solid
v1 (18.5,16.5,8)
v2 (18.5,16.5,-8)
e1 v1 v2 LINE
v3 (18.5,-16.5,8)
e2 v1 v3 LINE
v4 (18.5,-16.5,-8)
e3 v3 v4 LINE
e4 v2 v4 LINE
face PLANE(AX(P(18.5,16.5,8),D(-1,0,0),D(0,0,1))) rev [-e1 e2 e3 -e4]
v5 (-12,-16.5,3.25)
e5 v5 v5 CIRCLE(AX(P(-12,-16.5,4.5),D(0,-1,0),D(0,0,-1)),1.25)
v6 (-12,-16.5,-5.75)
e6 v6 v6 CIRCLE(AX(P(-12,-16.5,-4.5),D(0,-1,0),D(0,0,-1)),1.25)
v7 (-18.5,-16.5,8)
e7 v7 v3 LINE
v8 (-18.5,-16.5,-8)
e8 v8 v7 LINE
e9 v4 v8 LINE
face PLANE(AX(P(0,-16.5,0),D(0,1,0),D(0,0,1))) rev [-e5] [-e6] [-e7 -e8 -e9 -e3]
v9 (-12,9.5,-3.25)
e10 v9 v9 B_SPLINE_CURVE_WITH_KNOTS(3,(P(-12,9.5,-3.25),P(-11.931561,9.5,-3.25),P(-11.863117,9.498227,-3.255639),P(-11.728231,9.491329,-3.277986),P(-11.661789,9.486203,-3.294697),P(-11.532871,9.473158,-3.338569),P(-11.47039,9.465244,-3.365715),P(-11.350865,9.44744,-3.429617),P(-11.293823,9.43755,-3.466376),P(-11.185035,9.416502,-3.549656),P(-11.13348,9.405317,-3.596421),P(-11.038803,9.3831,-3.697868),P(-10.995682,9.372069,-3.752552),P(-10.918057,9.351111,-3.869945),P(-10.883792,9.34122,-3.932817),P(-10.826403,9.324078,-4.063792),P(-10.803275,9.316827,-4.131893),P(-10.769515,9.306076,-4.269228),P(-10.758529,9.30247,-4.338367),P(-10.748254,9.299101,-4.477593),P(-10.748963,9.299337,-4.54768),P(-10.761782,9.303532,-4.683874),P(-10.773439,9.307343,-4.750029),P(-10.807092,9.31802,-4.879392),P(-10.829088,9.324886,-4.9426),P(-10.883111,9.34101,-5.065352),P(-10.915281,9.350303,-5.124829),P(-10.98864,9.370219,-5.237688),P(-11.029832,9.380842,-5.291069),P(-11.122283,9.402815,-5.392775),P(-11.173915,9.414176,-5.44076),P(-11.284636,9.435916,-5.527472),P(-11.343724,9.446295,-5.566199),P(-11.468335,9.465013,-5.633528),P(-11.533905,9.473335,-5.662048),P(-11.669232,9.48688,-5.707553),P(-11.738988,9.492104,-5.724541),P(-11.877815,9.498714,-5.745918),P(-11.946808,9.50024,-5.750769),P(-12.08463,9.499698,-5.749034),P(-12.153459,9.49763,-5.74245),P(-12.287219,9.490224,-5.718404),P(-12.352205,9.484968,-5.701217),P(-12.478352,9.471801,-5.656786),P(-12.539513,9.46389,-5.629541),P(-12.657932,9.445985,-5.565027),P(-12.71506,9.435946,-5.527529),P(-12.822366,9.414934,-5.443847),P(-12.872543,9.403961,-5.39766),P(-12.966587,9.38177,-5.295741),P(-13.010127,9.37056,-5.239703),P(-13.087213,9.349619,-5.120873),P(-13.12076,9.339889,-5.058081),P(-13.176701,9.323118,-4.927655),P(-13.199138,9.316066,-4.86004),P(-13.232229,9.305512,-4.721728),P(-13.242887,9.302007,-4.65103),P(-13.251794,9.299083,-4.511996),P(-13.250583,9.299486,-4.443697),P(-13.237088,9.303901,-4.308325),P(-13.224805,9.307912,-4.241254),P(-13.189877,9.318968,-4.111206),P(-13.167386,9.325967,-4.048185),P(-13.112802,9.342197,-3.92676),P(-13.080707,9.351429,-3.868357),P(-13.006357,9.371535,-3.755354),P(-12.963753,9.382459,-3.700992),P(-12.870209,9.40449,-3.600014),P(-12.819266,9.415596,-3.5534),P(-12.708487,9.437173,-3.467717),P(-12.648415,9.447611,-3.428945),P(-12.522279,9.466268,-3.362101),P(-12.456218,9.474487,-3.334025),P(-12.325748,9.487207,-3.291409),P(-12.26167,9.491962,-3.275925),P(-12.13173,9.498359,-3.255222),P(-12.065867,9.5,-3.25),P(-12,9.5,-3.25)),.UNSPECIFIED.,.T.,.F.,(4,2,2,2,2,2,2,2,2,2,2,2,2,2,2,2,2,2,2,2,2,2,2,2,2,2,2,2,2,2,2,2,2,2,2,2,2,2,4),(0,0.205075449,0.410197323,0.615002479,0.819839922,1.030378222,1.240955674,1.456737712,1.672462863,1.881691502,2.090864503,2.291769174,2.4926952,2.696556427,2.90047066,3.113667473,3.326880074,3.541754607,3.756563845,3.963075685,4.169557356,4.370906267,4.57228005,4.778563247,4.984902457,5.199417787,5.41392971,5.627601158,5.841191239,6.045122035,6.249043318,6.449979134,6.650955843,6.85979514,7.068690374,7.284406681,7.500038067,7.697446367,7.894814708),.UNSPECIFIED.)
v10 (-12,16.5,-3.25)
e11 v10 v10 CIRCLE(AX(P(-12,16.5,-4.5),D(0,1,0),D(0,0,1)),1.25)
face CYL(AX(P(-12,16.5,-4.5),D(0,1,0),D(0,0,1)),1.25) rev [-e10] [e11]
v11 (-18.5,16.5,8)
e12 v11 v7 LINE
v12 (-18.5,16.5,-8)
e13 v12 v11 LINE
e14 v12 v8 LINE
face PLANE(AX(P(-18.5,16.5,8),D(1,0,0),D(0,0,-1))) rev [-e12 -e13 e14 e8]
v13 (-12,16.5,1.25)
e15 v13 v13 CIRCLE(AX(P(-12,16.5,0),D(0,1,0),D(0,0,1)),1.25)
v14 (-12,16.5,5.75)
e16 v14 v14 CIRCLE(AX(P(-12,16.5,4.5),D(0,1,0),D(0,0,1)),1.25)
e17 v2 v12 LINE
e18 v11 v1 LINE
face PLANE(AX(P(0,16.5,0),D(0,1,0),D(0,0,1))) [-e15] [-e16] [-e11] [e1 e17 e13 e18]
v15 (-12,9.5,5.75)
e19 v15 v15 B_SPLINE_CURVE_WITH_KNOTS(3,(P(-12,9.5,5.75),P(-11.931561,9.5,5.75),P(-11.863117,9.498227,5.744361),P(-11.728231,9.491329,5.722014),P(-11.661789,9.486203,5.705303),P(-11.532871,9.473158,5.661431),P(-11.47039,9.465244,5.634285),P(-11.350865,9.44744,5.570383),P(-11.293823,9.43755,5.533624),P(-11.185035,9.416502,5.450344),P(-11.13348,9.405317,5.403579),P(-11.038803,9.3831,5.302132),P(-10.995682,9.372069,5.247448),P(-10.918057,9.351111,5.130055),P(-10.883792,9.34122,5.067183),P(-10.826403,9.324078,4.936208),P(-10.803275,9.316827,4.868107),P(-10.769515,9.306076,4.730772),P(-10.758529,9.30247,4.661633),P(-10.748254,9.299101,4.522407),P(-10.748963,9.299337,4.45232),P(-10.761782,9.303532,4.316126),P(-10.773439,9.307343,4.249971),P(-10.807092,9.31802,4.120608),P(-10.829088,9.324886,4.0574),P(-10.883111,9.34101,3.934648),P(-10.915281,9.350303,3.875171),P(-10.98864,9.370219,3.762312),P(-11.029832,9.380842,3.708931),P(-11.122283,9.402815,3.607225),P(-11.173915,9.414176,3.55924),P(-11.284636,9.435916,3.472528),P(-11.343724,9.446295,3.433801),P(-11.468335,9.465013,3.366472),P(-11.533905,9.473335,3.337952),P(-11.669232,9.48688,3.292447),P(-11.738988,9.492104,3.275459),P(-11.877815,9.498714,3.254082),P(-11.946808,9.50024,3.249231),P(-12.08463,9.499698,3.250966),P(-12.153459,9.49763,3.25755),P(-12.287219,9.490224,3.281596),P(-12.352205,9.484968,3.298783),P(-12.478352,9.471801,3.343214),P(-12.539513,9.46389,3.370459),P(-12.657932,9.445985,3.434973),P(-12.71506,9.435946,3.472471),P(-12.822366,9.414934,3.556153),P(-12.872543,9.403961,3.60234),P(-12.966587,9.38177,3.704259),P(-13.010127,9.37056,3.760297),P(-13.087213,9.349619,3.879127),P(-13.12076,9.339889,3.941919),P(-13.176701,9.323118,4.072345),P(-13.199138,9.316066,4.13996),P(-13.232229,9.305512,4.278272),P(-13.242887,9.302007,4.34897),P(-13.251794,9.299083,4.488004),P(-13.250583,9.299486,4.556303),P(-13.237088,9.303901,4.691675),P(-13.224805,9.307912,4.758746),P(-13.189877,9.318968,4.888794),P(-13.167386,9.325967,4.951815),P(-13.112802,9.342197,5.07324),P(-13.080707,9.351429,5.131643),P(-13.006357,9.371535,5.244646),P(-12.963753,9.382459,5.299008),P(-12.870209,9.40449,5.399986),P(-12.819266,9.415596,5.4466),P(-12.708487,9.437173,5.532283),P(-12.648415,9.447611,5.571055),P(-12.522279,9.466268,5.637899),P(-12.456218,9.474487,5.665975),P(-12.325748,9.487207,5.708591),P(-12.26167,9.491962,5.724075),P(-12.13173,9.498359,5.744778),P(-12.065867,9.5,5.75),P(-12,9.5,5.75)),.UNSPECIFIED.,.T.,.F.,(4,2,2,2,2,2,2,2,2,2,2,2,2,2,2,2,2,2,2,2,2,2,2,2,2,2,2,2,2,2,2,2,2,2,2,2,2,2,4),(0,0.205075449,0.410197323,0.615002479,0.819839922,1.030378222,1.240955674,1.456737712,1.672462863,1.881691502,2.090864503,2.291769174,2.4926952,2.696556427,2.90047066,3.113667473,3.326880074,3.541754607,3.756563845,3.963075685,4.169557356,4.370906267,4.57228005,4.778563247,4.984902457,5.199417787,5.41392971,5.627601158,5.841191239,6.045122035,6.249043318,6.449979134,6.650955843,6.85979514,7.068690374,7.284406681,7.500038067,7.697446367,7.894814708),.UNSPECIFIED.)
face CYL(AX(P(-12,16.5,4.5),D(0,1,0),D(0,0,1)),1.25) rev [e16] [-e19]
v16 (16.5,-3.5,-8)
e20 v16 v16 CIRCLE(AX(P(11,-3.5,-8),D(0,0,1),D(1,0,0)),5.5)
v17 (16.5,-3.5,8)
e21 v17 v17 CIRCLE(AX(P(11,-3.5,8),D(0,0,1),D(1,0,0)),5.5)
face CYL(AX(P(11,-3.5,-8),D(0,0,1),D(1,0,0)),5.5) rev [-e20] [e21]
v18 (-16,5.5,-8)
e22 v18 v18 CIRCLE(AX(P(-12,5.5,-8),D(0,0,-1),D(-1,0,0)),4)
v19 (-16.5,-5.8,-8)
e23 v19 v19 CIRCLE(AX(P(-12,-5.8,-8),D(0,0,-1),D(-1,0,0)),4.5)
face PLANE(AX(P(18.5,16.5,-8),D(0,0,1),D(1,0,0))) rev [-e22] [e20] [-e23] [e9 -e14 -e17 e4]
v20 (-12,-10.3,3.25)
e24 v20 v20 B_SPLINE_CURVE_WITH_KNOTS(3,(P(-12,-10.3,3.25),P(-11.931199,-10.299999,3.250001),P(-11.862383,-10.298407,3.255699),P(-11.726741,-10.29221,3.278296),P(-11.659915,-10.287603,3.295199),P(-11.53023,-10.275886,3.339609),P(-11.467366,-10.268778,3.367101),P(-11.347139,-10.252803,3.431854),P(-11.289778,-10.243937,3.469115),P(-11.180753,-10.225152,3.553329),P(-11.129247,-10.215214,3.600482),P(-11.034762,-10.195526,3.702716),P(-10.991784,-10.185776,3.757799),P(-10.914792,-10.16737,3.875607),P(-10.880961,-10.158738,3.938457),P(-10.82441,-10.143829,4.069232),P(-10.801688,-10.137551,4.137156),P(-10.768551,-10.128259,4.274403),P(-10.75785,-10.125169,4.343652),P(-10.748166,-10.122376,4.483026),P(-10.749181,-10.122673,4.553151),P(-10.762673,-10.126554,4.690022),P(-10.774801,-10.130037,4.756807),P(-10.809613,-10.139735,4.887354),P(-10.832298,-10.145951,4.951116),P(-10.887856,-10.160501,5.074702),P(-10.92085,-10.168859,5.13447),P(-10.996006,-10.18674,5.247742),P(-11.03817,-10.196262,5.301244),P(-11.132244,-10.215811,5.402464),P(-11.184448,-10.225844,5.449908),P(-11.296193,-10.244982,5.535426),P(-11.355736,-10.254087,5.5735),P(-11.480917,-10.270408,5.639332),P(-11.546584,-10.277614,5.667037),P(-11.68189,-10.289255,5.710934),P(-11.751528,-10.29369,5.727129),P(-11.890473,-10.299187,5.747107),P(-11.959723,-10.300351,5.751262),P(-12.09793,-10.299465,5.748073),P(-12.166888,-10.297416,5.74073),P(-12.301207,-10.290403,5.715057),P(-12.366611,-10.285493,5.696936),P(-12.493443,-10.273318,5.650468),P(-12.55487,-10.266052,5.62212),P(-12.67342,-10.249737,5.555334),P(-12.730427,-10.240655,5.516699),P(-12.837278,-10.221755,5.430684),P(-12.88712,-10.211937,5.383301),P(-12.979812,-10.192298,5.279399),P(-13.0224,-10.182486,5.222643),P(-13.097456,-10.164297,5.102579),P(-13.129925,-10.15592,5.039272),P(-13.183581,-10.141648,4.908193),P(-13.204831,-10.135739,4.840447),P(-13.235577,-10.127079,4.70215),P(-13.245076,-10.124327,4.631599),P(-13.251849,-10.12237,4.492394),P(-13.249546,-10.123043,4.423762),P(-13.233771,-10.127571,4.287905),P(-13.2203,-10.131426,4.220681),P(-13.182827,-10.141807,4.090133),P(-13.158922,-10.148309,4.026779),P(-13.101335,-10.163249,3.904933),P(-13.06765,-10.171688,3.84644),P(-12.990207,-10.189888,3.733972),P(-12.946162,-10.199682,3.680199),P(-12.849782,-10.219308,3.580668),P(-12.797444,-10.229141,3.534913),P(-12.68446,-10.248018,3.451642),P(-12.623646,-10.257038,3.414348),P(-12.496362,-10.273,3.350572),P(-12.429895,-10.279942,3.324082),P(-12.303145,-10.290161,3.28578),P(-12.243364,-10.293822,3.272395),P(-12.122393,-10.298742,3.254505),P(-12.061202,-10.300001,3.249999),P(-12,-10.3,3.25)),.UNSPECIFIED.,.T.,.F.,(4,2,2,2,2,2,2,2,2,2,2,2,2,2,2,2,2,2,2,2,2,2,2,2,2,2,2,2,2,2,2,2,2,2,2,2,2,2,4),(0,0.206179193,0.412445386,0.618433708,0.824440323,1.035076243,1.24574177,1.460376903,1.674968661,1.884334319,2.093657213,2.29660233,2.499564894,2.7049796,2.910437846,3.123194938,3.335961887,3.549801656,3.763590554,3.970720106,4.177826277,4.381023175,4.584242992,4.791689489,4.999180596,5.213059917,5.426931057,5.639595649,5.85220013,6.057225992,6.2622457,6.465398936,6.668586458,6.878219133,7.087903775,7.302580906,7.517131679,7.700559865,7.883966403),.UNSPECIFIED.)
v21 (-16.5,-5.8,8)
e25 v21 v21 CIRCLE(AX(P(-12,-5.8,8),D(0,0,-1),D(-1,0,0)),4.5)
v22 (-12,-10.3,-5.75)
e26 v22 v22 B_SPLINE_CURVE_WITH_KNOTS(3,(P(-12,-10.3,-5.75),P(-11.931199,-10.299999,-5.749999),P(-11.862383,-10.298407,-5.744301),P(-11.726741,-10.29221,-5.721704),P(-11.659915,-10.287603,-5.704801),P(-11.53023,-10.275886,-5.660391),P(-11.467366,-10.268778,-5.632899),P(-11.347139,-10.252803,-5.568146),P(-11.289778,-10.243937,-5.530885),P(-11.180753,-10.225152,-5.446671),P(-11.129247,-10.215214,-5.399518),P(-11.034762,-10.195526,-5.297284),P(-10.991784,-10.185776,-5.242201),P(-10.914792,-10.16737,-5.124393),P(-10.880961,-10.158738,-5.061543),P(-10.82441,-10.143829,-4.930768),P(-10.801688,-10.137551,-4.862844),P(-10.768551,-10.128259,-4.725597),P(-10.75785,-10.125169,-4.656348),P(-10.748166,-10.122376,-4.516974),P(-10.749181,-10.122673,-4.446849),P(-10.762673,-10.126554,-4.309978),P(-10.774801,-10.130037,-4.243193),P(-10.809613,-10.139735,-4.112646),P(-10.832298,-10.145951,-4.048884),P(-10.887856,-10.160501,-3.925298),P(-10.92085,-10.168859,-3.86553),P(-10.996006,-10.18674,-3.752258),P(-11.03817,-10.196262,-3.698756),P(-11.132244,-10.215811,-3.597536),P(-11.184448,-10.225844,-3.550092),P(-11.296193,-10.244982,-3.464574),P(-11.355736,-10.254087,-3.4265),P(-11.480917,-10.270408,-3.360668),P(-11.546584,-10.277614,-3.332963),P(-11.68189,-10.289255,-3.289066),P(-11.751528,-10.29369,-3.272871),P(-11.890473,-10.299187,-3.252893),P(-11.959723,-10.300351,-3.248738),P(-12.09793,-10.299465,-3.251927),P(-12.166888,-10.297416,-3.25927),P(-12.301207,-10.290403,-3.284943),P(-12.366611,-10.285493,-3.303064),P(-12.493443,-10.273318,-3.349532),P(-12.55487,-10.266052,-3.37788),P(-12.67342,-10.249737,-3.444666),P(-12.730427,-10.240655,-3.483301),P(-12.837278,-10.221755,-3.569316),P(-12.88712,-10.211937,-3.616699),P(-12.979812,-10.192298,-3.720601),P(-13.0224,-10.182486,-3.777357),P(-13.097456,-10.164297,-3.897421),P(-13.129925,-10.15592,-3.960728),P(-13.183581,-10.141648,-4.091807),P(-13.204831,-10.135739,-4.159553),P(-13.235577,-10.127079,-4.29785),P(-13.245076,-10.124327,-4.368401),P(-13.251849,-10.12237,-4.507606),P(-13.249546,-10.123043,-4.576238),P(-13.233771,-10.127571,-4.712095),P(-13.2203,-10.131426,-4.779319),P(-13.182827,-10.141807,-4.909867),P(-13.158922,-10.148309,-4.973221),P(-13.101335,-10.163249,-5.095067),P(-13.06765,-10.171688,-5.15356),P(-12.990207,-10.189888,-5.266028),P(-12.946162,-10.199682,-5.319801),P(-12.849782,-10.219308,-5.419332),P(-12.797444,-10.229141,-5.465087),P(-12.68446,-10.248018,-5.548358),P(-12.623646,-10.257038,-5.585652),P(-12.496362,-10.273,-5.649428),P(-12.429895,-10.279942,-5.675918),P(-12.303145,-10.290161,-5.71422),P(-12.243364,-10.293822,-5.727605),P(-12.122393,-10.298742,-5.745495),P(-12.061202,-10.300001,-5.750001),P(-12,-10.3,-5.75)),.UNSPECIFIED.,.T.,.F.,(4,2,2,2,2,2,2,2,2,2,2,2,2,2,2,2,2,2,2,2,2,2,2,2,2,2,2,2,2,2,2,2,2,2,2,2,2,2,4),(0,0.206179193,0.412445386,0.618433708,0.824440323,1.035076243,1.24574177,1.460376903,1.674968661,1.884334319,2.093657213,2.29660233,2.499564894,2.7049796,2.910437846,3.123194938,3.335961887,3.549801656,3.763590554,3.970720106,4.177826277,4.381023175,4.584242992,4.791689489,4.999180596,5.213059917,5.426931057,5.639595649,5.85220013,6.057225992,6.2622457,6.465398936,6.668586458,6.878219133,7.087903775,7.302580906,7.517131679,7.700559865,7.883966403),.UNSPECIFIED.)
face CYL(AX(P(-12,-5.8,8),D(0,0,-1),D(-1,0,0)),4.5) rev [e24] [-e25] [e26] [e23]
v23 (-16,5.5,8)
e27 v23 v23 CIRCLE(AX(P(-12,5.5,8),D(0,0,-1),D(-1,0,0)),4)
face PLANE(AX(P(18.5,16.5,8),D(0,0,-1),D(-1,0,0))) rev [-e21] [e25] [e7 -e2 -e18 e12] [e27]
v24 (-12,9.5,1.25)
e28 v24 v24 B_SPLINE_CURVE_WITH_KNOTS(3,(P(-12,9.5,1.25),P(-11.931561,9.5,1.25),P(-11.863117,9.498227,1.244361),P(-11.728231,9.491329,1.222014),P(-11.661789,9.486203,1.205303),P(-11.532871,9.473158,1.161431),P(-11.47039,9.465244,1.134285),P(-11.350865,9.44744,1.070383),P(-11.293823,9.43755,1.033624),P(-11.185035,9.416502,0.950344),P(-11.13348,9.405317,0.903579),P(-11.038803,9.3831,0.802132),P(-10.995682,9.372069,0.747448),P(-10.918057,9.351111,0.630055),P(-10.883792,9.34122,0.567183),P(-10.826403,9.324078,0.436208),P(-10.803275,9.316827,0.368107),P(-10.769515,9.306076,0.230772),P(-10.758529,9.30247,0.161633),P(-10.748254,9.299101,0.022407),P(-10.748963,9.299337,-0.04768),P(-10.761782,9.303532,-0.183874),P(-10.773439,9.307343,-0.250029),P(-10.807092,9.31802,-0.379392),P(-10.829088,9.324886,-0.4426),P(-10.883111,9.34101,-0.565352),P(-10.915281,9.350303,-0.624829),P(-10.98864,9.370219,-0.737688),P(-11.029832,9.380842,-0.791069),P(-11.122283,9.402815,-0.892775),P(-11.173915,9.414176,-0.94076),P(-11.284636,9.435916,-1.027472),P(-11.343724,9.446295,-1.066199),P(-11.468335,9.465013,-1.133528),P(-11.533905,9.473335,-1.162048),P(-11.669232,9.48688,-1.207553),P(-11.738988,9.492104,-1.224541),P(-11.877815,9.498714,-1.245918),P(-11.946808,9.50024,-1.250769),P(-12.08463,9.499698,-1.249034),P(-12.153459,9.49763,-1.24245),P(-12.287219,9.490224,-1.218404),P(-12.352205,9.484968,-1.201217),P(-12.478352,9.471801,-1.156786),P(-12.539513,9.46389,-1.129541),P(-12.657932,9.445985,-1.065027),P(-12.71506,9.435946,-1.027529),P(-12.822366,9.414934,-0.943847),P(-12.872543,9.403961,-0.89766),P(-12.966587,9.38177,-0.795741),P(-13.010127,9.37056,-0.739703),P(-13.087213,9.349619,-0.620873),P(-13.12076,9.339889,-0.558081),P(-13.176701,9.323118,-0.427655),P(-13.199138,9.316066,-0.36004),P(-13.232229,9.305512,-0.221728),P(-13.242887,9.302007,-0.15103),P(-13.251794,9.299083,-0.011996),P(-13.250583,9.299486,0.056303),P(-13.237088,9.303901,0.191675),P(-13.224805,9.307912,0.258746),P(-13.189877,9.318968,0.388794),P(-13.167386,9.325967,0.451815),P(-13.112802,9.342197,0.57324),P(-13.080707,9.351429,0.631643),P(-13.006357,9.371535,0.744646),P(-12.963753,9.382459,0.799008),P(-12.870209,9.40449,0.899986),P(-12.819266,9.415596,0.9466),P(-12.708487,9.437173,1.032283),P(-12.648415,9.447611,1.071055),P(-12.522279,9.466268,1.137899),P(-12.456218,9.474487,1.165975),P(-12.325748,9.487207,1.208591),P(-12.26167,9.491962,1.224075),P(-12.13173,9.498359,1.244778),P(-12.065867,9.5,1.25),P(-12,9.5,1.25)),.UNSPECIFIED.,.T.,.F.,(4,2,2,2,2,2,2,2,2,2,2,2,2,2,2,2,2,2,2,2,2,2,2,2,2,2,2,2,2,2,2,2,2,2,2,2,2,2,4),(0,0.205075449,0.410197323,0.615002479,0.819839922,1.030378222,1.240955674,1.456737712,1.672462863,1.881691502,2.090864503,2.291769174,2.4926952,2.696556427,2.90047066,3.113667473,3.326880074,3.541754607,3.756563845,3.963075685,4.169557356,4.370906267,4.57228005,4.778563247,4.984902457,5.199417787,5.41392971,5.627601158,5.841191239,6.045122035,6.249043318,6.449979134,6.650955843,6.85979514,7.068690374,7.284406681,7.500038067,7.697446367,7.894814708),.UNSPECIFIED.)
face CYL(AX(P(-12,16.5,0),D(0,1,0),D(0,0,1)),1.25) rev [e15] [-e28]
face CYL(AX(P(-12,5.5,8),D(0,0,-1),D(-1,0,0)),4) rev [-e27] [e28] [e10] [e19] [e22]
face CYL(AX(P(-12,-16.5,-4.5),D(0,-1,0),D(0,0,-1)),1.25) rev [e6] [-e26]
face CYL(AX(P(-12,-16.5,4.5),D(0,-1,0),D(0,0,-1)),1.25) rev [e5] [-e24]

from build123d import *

# Parameters (mm, degrees)
ESQUISSE1_W             = 37
ESQUISSE1_H             = 16
BOSS_EXTRU_1_DEPTH      = 16.5
ESQUISSE3_R             = 5.5
ENL_V_MAT_EXTRU_2_DEPTH = 30.504236984
ESQUISSE14_R            = 4.5
ENL_V_MAT_EXTRU_3_DEPTH = 30.504236984
ESQUISSE15_R            = 4
ENL_V_MAT_EXTRU_4_DEPTH = 30.504236984
TROU_TARAUD_M34_REACH   = 40.668
TROU_TARAUD_M34_BORE_R  = 1.25
TROU_TARAUD_M35_REACH   = 40.668
TROU_TARAUD_M35_BORE_R  = 1.25
TROU_TARAUD_M36_REACH   = 41.444
TROU_TARAUD_M36_BORE_R  = 1.25


with BuildPart() as part:
    # Esquisse1 → Boss.-Extru.1 (new, symmetric)
    with BuildSketch(Plane(origin=(0, 0, 0), x_dir=(1, 0, 0), z_dir=(0, 1, 0))):
        Rectangle(ESQUISSE1_W, ESQUISSE1_H)
    extrude(amount=BOSS_EXTRU_1_DEPTH, both=True)

    # Esquisse3 → Enlèv. mat.-Extru.2 (cut, through all)
    with BuildSketch(Plane.XY.offset(8)):
        with Locations((11, -3.5)):
            Circle(ESQUISSE3_R)
    extrude(amount=-ENL_V_MAT_EXTRU_2_DEPTH, mode=Mode.SUBTRACT)

    # Esquisse14 → Enlèv. mat.-Extru.3 (cut, through all)
    with BuildSketch(Plane(origin=(0, 0, -8), x_dir=(-1, 0, 0), z_dir=(0, 0, -1))):
        with Locations((12, -5.8)):
            Circle(ESQUISSE14_R)
    extrude(amount=-ENL_V_MAT_EXTRU_3_DEPTH, mode=Mode.SUBTRACT)

    # Esquisse15 → Enlèv. mat.-Extru.4 (cut, through all)
    with BuildSketch(Plane(origin=(0, 0, -8), x_dir=(-1, 0, 0), z_dir=(0, 0, -1))):
        with Locations((12, 5.5)):
            Circle(ESQUISSE15_R)
    extrude(amount=-ENL_V_MAT_EXTRU_4_DEPTH, mode=Mode.SUBTRACT)

    # Trou taraudé M34 bore → Trou taraudé M34 (cut, up to next)
    with BuildSketch(Plane(origin=(0, 16.5, 0), x_dir=(1, 0, 0), z_dir=(0, 1, 0)), mode=Mode.PRIVATE) as trou_taraud_m34_sk1:
        with Locations((-12, -4.5)):
            Circle(TROU_TARAUD_M34_BORE_R)
    trou_taraud_m34_tool1 = extrude(trou_taraud_m34_sk1.sketch, amount=-TROU_TARAUD_M34_REACH, mode=Mode.PRIVATE) & part.part
    # Trou taraudé M34 bore → Trou taraudé M34 (cut, up to next)
    with BuildSketch(Plane(origin=(0, 16.5, 0), x_dir=(1, 0, 0), z_dir=(0, 1, 0)), mode=Mode.PRIVATE) as trou_taraud_m34_sk2:
        with Locations((-12, 4.5)):
            Circle(TROU_TARAUD_M34_BORE_R)
    trou_taraud_m34_tool2 = extrude(trou_taraud_m34_sk2.sketch, amount=-TROU_TARAUD_M34_REACH, mode=Mode.PRIVATE) & part.part
    add(trou_taraud_m34_tool1.solids().sort_by_distance((-12, 16.5, 4.5))[0], mode=Mode.SUBTRACT)
    add(trou_taraud_m34_tool2.solids().sort_by_distance((-12, 16.5, -4.5))[0], mode=Mode.SUBTRACT)

    # Trou taraudé M35 bore → Trou taraudé M35 (cut, up to next)
    with BuildSketch(Plane(origin=(0, -16.5, 0), x_dir=(-1, 0, 0), z_dir=(0, -1, 0)), mode=Mode.PRIVATE) as trou_taraud_m35_sk1:
        with Locations((12, -4.5)):
            Circle(TROU_TARAUD_M35_BORE_R)
    trou_taraud_m35_tool1 = extrude(trou_taraud_m35_sk1.sketch, amount=-TROU_TARAUD_M35_REACH, mode=Mode.PRIVATE) & part.part
    # Trou taraudé M35 bore → Trou taraudé M35 (cut, up to next)
    with BuildSketch(Plane(origin=(0, -16.5, 0), x_dir=(-1, 0, 0), z_dir=(0, -1, 0)), mode=Mode.PRIVATE) as trou_taraud_m35_sk2:
        with Locations((12, 4.5)):
            Circle(TROU_TARAUD_M35_BORE_R)
    trou_taraud_m35_tool2 = extrude(trou_taraud_m35_sk2.sketch, amount=-TROU_TARAUD_M35_REACH, mode=Mode.PRIVATE) & part.part
    add(trou_taraud_m35_tool1.solids().sort_by_distance((-12, -16.5, 4.5))[0], mode=Mode.SUBTRACT)
    add(trou_taraud_m35_tool2.solids().sort_by_distance((-12, -16.5, -4.5))[0], mode=Mode.SUBTRACT)

    # Trou taraudé M36 bore → Trou taraudé M36 (cut, up to next)
    with BuildSketch(Plane(origin=(-1.446004376, 16.5, -0.30351444), x_dir=(-1, 0, 0), z_dir=(0, 1, 0)), mode=Mode.PRIVATE) as trou_taraud_m36_sk1:
        with Locations((10.553995624, 0.30351444)):
            Circle(TROU_TARAUD_M36_BORE_R)
    trou_taraud_m36_tool1 = extrude(trou_taraud_m36_sk1.sketch, amount=-TROU_TARAUD_M36_REACH, mode=Mode.PRIVATE) & part.part
    add(trou_taraud_m36_tool1.solids().sort_by_distance((-12, 16.5, 0))[0], mode=Mode.SUBTRACT)


solid = part.part
